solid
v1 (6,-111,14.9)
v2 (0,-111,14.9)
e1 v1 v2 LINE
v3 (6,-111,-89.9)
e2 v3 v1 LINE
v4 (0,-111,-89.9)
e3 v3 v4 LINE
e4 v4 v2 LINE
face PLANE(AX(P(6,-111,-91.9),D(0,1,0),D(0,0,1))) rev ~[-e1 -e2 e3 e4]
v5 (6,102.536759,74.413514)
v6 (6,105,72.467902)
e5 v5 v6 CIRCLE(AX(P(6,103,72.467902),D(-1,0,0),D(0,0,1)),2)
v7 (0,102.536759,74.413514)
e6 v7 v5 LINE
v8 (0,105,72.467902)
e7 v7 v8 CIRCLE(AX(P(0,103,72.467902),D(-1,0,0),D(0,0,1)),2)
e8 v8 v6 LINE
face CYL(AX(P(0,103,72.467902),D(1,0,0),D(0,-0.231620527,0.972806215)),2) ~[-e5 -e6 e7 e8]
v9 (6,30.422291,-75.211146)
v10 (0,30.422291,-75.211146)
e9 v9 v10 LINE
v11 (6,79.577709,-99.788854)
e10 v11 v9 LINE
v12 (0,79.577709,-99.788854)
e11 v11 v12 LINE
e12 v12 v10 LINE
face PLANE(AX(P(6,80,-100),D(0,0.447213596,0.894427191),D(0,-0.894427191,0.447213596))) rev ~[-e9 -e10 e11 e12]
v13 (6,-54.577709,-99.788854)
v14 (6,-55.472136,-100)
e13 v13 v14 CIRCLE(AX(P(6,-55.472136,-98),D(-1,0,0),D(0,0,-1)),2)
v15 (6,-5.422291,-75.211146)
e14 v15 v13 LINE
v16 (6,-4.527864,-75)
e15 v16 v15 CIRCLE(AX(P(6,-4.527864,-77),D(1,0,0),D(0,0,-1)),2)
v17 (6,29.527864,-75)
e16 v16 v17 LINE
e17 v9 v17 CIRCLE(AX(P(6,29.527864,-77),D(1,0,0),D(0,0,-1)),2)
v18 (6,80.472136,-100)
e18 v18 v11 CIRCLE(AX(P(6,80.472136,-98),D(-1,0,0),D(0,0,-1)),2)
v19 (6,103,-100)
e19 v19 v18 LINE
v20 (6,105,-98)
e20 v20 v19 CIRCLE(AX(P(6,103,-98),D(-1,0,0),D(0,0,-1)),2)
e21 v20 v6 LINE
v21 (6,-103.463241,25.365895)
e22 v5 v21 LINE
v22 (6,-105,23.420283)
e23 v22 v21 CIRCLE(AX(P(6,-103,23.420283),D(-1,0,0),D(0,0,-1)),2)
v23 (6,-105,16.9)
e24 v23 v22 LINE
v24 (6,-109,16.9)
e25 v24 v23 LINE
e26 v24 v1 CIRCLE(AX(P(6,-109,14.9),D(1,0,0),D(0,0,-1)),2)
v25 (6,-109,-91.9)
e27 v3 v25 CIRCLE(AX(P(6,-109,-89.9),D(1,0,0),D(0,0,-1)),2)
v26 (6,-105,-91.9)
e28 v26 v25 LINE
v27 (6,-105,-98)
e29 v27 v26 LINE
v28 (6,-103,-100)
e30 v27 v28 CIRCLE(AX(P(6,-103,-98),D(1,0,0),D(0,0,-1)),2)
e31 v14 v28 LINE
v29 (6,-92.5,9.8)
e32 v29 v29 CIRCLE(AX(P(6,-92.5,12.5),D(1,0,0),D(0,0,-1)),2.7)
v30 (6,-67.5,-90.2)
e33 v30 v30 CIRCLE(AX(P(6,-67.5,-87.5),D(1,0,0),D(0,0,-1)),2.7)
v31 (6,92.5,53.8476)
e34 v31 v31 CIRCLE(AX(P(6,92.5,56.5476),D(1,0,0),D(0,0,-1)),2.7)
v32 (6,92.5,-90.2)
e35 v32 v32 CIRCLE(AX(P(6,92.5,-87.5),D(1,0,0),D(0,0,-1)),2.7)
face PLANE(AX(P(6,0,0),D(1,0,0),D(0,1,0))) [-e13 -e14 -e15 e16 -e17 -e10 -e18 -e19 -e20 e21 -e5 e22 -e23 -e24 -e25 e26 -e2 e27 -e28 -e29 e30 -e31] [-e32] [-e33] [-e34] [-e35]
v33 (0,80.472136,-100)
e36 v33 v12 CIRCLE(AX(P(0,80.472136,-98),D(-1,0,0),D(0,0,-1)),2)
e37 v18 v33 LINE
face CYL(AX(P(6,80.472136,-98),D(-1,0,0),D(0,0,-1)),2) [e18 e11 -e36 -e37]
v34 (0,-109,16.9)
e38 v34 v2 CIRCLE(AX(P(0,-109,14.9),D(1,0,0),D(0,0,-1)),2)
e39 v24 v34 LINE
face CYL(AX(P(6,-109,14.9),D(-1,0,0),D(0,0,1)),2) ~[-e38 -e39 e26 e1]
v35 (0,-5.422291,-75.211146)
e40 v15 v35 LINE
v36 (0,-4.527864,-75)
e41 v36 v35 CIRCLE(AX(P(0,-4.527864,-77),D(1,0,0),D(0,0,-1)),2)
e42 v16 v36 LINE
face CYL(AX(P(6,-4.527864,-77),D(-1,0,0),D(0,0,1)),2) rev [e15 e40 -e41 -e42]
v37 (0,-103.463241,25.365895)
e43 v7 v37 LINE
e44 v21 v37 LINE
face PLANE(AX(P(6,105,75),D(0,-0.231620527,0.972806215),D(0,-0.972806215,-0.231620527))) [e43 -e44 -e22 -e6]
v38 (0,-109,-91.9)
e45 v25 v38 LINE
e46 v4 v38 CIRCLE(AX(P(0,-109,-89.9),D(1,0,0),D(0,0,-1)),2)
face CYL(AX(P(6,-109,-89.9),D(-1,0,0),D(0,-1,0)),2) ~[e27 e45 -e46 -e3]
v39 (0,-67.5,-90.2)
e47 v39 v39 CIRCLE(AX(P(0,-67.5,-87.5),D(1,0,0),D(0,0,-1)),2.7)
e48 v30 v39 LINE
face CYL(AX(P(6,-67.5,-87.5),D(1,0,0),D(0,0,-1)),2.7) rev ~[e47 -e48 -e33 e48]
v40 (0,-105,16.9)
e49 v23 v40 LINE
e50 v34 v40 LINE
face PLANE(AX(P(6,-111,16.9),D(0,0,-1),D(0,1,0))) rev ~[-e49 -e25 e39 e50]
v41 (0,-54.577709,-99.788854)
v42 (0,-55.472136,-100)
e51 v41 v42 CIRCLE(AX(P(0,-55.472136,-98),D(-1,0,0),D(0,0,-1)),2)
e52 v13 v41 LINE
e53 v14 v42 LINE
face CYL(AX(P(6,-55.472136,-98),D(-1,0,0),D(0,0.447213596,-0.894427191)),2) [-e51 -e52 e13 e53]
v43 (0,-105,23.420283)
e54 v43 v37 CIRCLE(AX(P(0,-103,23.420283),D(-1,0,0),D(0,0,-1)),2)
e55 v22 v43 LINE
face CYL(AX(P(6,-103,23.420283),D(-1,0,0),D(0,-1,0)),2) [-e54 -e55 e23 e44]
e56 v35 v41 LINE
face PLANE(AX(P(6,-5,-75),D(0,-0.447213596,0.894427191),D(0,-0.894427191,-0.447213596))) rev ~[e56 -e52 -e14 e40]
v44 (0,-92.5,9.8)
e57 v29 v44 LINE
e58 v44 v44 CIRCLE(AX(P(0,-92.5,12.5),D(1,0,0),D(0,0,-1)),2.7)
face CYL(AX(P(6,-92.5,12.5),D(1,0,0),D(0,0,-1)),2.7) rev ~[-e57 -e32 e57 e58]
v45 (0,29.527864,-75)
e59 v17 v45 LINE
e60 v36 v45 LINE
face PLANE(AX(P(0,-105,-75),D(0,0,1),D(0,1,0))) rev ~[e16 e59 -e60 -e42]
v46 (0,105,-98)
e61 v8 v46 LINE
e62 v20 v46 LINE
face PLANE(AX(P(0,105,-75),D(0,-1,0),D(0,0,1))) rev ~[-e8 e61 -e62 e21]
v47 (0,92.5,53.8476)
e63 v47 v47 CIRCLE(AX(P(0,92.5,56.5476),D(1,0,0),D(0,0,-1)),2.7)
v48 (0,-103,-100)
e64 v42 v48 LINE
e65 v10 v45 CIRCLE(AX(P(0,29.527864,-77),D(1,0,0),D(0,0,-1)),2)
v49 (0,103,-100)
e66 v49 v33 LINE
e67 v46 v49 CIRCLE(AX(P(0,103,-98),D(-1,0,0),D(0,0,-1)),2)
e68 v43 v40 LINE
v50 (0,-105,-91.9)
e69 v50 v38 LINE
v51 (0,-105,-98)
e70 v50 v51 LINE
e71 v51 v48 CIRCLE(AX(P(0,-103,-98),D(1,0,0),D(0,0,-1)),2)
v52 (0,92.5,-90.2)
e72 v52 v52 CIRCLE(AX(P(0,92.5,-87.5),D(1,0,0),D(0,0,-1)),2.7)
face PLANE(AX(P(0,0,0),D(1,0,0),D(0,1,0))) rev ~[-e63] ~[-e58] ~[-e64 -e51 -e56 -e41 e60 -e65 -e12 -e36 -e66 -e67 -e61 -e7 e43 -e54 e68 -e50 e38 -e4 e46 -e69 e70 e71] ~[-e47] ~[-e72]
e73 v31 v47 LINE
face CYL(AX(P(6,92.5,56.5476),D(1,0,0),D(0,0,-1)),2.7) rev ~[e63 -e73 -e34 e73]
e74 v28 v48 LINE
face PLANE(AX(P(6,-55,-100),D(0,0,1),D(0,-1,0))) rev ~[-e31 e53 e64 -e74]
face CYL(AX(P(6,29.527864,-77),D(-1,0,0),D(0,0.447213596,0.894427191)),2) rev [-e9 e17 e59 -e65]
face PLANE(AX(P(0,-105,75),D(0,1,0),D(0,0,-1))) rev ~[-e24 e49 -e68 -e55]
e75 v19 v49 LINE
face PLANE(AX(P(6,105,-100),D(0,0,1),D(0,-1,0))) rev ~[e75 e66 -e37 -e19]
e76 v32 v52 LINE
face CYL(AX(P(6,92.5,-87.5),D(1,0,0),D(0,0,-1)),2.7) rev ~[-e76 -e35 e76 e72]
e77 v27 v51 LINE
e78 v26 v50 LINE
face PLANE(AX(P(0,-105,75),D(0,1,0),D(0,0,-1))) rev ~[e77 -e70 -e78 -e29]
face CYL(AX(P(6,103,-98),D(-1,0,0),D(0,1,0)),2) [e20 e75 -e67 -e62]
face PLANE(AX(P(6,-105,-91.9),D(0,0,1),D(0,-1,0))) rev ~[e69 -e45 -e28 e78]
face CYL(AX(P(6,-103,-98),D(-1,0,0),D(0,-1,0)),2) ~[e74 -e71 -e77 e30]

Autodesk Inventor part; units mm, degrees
ref_plane "YZ Plane" through (0, 0, 0) normal (1, 0, 0) x (0, 1, 0)
ref_plane "XZ Plane" through (0, 0, 0) normal (0, 1, 0) x (-1, 0, 0)
ref_plane "XY Plane" through (0, 0, 0) normal (0, 0, 1) x (1, 0, 0)
sketch "Sketch1" plane through (0, 0, 0) normal (1, 0, 0) x (0, 1, 0)
  line L0 (-105, -75) -> (105, -75)
  line L1 (105, -75) -> (105, 75)
  line L2 (105, 75) -> (-105, 75)
  line L3 (-105, 75) -> (-105, -75)
  line L4 (-105, -75) -> (105, 75) construction
  line L5 (105, -75) -> (-105, 75) construction
  point P0 (0, 0)
  point P1 (0, 0)
  point P2 (0, 0)
  dimension "d0" = 150
  dimension "d1" = 210
extrude "Extrusion1" add sketch "Sketch1" along normal blind 6
sketch "Sketch2" plane through (6, 0, 0) normal (1, 0, 0) x (0, 0, -1)
  line L0 (75, -105) -> (75, 105) projected
  line L1 (-75, -105) -> (75, -105) projected
  line L2 (75, 105) -> (100, 105)
  line L3 (100, 105) -> (100, 80)
  line L4 (100, 80) -> (75, 30)
  line L5 (75, 30) -> (75, 105)
  line L6 (75, -105) -> (75, -5)
  line L7 (75, -5) -> (100, -55)
  line L8 (100, -55) -> (100, -105)
  line L9 (100, -105) -> (75, -105)
  point P0 (0, 0)
  dimension "d4" = 25
  dimension "d5" = 50
  dimension "d25" = 50
extrude "Extrusion2" add sketch "Sketch2" against normal blind 6
sketch "Sketch3" plane through (6, 0, 0) normal (1, 0, 0) x (0, 0, -1)
  line L0 (-75, 105) -> (-75, -105) projected
  line L1 (-75, -105) -> (100, -105) projected
  line L2 (100, -105) -> (100, -55) projected
  line L3 (-75, 105) -> (-25, -105)
  line L4 (-25, -105) -> (-75, -105)
  line L5 (-75, -105) -> (-75, 105)
  point P0 (0, 0)
  dimension "d8" = 50
extrude "Extrusion3" cut sketch "Sketch3" against normal through all
sketch "Sketch4" plane through (6, 0, 0) normal (1, 0, 0) x (0, 0, -1)
  line L0 (-25, -105) -> (100, -105) projected
  line L1 (100, -105) -> (100, -55) projected
  line L2 (-16.9, -105) -> (91.9, -105)
  line L3 (91.9, -105) -> (91.9, -111)
  line L4 (91.9, -111) -> (-16.9, -111)
  line L5 (-16.9, -111) -> (-16.9, -105)
  point P0 (0, 0)
  dimension "d11" = 8.1
  dimension "d12" = 8.1
  dimension "d13" = 6
extrude "Extrusion4" add sketch "Sketch4" against normal blind 6
sketch "Sketch5" plane through (6, 0, 0) normal (1, 0, 0) x (0, 0, -1)
  line L0 (-75, 105) -> (-25, -105) projected
  line L1 (91.9, -105) -> (100, -105) projected
  line L2 (100, 80) -> (100, 105) projected
  line L3 (100, 105) -> (-75, 105) projected
  circle A0 centre (-12.5, -92.5) radius 2.7
  circle A1 centre (87.5, -67.5) radius 2.7
  circle A2 centre (87.5, 92.5) radius 2.7
  circle A3 centre (-56.5476, 92.5) radius 2.7
  line L4 (-12.5, -92.5) -> (-56.5476, 92.5) construction
  line L5 (-25, -105) -> (-16.9, -105) projected
  point P0 (0, 0)
  dimension "d17" = 12.5
  dimension "d18" = 12.5
  dimension "d19" = 12.5
  dimension "d21" = 5.4
  dimension "d22" = 37.5
  dimension "d26" = 12.5
extrude "Extrusion5" cut sketch "Sketch5" against normal through all
fillet "Fillet1" radius 2 10 edges at (3, -111, 16.9) (3, -105, 25) (3, -111, -91.9) (3, -105, -100) (3, 105, 75) (3, 105, -100) (3, 80, -100) (3, 30, -75) (3, -5, -75) (3, -55, -100)
properties part number "BottomRightSide"
